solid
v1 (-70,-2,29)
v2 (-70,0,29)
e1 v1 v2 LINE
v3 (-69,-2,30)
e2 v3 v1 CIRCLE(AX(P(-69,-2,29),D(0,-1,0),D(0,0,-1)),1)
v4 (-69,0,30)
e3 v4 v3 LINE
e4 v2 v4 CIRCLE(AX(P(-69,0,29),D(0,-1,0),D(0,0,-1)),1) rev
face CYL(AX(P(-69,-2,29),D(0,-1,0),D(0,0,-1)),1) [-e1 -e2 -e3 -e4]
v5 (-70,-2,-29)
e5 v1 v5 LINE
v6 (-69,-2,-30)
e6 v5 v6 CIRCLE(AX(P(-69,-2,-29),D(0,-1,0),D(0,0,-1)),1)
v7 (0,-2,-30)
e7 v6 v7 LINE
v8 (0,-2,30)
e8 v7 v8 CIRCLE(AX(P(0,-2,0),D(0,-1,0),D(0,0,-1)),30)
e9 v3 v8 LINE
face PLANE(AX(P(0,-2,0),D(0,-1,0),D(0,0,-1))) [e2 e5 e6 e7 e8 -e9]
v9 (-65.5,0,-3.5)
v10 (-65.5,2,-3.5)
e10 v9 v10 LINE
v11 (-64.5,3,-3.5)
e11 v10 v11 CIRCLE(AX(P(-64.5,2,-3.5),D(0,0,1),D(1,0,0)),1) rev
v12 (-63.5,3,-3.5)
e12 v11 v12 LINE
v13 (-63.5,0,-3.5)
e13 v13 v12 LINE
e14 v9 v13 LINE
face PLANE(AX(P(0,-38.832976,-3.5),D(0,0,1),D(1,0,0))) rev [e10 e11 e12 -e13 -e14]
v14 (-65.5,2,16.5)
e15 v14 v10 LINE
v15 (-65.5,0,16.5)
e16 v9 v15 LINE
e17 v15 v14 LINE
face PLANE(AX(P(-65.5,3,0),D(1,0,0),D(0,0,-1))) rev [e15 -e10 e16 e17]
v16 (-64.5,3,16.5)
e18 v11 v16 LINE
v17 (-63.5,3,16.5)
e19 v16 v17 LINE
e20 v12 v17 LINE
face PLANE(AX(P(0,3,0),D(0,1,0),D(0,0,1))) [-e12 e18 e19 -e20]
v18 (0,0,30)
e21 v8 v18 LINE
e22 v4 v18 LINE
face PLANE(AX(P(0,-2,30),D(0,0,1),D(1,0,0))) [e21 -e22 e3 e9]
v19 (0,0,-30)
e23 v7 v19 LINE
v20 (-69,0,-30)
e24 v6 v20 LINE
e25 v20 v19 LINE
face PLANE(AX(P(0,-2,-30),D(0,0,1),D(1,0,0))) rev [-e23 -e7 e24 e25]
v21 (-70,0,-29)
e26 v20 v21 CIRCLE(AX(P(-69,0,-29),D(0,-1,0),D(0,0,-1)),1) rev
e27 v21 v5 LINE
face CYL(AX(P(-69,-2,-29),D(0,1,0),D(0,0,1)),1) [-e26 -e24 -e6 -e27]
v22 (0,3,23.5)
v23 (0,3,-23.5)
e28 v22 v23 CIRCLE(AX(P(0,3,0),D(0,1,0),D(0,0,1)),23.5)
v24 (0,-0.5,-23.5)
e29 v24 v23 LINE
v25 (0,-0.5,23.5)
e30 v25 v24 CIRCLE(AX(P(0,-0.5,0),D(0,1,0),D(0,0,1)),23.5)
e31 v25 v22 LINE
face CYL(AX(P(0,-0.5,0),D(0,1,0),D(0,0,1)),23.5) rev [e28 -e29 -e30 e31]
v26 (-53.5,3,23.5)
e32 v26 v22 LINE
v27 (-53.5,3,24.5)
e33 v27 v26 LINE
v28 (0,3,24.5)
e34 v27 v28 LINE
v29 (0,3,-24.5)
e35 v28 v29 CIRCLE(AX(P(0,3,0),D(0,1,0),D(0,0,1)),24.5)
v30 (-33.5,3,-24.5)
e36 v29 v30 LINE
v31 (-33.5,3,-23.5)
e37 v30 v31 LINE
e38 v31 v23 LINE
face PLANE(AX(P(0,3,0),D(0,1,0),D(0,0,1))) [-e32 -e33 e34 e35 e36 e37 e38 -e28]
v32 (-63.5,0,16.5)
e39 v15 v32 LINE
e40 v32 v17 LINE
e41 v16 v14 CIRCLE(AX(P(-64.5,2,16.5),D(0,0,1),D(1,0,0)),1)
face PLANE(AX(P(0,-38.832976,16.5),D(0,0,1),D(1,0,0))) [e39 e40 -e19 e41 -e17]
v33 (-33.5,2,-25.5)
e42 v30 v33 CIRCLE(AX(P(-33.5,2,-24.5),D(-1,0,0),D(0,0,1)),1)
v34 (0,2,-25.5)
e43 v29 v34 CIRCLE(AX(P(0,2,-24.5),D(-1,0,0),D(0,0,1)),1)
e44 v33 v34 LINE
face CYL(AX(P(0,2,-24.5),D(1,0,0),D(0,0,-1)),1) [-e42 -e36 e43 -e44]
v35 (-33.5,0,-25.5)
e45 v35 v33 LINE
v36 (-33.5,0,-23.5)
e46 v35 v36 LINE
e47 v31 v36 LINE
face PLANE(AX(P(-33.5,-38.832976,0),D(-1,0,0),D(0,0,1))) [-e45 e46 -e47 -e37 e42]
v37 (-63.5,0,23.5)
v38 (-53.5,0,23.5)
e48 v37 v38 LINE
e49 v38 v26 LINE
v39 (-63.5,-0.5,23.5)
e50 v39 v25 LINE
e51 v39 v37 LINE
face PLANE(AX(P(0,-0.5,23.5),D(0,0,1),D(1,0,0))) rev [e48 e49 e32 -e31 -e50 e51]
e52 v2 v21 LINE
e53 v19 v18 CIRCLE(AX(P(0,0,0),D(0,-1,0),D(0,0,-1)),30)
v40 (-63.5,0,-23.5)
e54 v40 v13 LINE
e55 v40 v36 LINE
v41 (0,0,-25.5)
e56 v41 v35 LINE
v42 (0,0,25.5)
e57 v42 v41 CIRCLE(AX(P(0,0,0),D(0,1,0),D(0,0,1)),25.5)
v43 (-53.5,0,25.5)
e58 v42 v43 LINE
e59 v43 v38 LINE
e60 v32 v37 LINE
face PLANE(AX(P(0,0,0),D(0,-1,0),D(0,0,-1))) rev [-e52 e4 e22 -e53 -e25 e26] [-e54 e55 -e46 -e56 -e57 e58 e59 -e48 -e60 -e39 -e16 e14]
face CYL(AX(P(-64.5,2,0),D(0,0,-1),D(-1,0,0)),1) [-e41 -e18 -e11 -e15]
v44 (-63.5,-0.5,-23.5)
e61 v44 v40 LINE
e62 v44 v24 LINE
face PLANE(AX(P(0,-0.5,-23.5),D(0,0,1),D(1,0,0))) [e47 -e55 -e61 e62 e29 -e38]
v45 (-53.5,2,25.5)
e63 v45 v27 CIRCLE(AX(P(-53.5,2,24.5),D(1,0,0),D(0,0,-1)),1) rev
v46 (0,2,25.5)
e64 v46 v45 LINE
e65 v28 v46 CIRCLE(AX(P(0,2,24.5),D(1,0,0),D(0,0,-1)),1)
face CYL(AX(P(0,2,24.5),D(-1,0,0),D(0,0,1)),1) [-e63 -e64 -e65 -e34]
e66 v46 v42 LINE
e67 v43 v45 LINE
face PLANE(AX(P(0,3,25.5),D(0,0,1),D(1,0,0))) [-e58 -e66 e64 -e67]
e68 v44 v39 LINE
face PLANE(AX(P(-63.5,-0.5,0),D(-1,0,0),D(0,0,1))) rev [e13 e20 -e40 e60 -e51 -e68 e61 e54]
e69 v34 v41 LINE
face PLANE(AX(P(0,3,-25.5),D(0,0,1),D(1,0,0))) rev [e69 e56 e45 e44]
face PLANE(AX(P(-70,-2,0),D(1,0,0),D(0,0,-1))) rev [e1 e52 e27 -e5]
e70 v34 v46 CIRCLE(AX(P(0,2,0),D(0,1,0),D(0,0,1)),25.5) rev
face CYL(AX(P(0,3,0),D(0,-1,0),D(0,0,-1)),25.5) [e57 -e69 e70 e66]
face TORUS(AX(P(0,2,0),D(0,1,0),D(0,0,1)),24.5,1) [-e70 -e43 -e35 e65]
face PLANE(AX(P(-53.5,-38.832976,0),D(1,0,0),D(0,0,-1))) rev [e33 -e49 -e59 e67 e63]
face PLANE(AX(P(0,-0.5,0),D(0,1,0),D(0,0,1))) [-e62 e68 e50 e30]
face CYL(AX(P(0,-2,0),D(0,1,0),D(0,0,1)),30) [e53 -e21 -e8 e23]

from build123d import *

# Parameters (mm, degrees)
BOSS_EXTRUDE1_DEPTH = 3
BOSS_EXTRUDE2_START = 2
BOSS_EXTRUDE2_DEPTH = 2
CUT_EXTRUDE1_DEPTH  = 3.5
FILLET1_R           = 1
SKETCH5_W           = 12
SKETCH5_H           = 9
SKETCH5_W_2         = 32
SKETCH5_H_2         = 22
CUT_EXTRUDE4_DEPTH  = 3
FILLET8_R           = 1
FILLET9_R           = 1


with BuildPart() as part:
    # Sketch1 → Boss-Extrude1 (new body)
    with BuildSketch(Plane(origin=(0, 0, 0), x_dir=(1, 0, 0), z_dir=(0, 1, 0))):
        with BuildLine():
            Line((-65.5, -25.5), (0, -25.5))
            ThreePointArc((0, -25.5), (25.5, 0), (0, 25.5))
            Line((0, 25.5), (-65.5, 25.5))
            Line((-65.5, 25.5), (-65.5, -25.5))
        make_face()
    extrude(amount=BOSS_EXTRUDE1_DEPTH)

    # Sketch2 → Boss-Extrude2 (add)
    # profile 1 of 2: a face of its own
    with BuildSketch(Plane.XZ.offset(BOSS_EXTRUDE2_START)):
        with BuildLine():
            Line((-70, -30), (0, -30))
            ThreePointArc((0, -30), (30, 0), (0, 30))
            Line((0, 30), (-70, 30))
            Line((-70, 30), (-70, -30))
        make_face()
        with BuildLine():
            Line((0, 25.5), (-65.5, 25.5))
            Line((-65.5, 25.5), (-65.5, -25.5))
            Line((-65.5, -25.5), (0, -25.5))
            ThreePointArc((0, -25.5), (25.5, 0), (0, 25.5))
        make_face(mode=Mode.SUBTRACT)
    # profile 2 of 2: a face of its own
    with BuildSketch(Plane.XZ.offset(BOSS_EXTRUDE2_START)):
        with BuildLine():
            ThreePointArc((0, -25.5), (25.5, 0), (0, 25.5))
            Line((0, 25.5), (-65.5, 25.5))
            Line((-65.5, 25.5), (-65.5, -25.5))
            Line((-65.5, -25.5), (0, -25.5))
        make_face()
    extrude(amount=-BOSS_EXTRUDE2_DEPTH)

    # Sketch4 → Cut-Extrude1 (cut)
    with BuildSketch(Plane(origin=(0, 3, 0), x_dir=(1, 0, 0), z_dir=(0, 1, 0))):
        with BuildLine():
            Line((-63.5, -23.5), (0, -23.5))
            ThreePointArc((0, -23.5), (23.5, 0), (0, 23.5))
            Line((0, 23.5), (-63.5, 23.5))
            Line((-63.5, 23.5), (-63.5, -23.5))
        make_face()
    extrude(amount=-CUT_EXTRUDE1_DEPTH, mode=Mode.SUBTRACT)

    # Fillet1
    fillet1_edges = [part.edges().sort_by_distance(p)[0] for p in [
        (-70, -1, -30),
        (-70, -1, 30),
    ]]
    fillet(fillet1_edges, radius=FILLET1_R)

    # Sketch5 → Cut-Extrude4 (cut)
    with BuildSketch(Plane(origin=(0, 3, 0), x_dir=(1, 0, 0), z_dir=(0, 1, 0))):
        with Locations((-59.5, -21)):
            Rectangle(SKETCH5_W, SKETCH5_H)
        with Locations((-49.5, 14.5)):
            Rectangle(SKETCH5_W_2, SKETCH5_H_2)
    extrude(amount=-CUT_EXTRUDE4_DEPTH, mode=Mode.SUBTRACT)

    # Fillet8
    fillet8_edges = [part.edges().sort_by_distance(p)[0] for p in [
        (-65.5, 3, 6.5),
    ]]
    fillet(fillet8_edges, radius=FILLET8_R)

    # Fillet9
    fillet9_edges = [part.edges().sort_by_distance(p)[0] for p in [
        (25.5, 3, 0),
        (-16.75, 3, -25.5),
        (-26.75, 3, 25.5),
    ]]
    fillet(fillet9_edges, radius=FILLET9_R)


solid = part.part
